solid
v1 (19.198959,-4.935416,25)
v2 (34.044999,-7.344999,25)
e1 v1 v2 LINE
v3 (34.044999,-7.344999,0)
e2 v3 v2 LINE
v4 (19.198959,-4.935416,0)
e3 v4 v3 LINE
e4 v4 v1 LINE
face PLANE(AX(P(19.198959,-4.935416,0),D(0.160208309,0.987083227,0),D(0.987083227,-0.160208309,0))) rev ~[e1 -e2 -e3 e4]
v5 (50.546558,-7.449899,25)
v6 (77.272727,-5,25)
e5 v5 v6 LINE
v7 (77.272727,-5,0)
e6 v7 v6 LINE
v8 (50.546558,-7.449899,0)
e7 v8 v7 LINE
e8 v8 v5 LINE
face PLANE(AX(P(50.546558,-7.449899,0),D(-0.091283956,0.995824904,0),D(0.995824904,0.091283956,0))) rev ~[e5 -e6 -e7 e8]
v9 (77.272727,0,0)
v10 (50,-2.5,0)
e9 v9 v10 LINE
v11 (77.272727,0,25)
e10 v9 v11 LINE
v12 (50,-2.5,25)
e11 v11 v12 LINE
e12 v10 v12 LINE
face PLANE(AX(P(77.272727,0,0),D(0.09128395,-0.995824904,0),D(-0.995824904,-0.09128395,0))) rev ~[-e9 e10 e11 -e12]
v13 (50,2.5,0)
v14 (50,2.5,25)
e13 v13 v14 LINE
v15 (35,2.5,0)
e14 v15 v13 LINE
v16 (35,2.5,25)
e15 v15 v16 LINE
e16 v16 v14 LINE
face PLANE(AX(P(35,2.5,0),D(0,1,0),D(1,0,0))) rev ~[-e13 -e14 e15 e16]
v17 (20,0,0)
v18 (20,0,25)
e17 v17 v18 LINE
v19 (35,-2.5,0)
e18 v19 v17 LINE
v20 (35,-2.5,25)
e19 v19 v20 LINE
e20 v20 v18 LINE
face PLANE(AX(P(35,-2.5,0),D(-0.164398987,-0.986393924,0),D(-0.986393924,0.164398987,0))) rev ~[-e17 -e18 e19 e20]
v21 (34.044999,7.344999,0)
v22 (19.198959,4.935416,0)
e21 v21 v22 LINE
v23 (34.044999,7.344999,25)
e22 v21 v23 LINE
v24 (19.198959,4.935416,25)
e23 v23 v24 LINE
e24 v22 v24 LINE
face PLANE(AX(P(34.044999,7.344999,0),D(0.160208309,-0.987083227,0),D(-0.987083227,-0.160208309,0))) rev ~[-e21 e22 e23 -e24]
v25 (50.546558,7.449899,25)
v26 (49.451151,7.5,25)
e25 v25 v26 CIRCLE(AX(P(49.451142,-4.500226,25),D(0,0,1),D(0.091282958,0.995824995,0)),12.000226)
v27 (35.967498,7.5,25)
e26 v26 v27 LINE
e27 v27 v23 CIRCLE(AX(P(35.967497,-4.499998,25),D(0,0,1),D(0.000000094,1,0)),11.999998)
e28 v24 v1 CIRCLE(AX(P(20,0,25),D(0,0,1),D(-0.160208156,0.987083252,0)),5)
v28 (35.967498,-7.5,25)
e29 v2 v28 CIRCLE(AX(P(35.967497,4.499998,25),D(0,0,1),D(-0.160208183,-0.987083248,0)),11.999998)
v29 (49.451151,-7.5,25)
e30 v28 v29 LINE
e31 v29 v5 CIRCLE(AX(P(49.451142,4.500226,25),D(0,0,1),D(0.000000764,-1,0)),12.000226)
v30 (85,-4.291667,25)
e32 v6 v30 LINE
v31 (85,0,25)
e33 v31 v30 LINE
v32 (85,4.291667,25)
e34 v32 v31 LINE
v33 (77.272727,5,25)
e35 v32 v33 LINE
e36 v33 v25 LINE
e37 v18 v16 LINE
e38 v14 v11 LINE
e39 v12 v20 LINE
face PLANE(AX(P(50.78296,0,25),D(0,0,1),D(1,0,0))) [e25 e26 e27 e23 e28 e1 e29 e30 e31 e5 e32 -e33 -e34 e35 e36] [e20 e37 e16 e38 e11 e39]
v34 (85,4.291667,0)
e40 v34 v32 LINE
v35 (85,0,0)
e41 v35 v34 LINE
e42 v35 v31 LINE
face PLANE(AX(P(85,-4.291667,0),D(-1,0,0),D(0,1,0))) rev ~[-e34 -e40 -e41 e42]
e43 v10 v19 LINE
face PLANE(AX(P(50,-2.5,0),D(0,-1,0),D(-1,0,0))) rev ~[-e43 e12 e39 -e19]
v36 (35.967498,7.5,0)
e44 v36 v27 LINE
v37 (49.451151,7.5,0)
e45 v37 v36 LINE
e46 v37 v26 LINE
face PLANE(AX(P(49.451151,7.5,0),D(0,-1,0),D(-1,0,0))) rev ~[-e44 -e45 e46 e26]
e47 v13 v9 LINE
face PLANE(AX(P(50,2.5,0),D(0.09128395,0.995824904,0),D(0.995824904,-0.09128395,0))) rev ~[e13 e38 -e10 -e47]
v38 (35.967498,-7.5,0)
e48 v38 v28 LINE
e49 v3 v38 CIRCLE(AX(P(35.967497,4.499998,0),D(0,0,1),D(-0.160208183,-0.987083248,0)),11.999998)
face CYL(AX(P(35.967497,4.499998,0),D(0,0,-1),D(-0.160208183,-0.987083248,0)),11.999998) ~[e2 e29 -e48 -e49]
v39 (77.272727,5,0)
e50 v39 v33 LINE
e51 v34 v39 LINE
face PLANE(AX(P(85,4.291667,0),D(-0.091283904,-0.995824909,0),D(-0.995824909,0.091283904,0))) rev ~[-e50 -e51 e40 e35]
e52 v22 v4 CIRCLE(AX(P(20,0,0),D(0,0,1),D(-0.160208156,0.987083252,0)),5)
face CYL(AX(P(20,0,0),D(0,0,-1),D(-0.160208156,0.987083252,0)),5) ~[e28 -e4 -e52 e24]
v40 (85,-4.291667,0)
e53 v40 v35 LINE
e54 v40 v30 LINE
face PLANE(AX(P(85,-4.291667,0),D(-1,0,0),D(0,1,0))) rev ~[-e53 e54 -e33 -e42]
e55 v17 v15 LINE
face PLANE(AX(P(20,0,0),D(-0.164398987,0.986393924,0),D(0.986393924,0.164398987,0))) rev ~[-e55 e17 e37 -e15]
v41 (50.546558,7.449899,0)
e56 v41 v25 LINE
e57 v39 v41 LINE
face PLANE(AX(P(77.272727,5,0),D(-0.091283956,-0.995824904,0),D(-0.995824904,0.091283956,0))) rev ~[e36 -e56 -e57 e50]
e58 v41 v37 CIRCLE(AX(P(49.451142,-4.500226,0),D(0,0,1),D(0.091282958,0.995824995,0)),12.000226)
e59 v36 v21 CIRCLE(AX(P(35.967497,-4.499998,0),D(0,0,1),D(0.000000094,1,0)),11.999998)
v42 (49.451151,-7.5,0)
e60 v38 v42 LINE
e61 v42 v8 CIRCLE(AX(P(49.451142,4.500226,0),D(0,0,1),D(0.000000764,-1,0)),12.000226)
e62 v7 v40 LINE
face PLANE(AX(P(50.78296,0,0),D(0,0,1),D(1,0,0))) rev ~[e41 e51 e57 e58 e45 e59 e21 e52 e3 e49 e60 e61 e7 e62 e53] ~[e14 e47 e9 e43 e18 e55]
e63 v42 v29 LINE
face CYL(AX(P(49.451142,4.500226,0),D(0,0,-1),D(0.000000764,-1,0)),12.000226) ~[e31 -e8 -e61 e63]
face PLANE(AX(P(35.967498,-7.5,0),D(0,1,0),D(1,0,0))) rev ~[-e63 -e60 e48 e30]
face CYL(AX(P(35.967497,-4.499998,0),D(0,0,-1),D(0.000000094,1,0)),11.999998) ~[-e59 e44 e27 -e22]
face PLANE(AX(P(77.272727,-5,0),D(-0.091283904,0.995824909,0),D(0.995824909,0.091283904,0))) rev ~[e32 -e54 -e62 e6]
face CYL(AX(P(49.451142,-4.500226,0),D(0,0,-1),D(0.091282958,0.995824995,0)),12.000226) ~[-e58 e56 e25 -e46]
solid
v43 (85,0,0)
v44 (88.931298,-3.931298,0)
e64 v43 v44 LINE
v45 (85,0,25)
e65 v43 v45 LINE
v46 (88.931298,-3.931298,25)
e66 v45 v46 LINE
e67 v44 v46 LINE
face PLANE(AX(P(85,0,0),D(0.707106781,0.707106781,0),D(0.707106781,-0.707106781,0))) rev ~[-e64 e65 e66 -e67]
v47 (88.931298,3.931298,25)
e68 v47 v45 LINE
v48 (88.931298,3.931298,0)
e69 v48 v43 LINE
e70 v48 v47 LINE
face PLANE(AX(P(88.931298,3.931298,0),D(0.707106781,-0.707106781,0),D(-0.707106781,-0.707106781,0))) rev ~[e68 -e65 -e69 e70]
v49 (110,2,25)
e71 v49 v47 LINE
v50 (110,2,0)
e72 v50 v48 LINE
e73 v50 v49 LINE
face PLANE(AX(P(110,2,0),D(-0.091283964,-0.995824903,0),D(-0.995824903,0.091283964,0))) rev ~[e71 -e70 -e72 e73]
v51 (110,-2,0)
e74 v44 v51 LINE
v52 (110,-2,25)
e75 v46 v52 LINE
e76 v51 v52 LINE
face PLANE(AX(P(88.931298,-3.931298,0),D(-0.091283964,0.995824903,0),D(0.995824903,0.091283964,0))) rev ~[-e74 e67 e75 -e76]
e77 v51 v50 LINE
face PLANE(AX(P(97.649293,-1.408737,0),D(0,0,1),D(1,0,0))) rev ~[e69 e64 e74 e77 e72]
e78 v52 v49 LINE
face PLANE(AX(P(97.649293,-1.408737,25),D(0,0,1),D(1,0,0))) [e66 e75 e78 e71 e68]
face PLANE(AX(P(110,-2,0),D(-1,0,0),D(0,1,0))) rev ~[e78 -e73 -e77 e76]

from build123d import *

# Parameters (mm, degrees)
F1_DEPTH = 25


with BuildPart() as f1:
    # F0 (on Top) → F1 (new body)
    with BuildSketch(Plane.XY):
        with BuildLine():
            Line((34.044999, 7.344999), (19.198959, 4.935416))
            ThreePointArc((19.198959, 4.935416), (15, 0), (19.198959, -4.935416))
            Line((19.198959, -4.935416), (34.044999, -7.344999))
            ThreePointArc((34.044999, -7.344999), (35.003129, -7.461187), (35.967498, -7.5))
            Line((35.967498, -7.5), (49.451151, -7.5))
            ThreePointArc((49.451151, -7.5), (49.999427, -7.487468), (50.546558, -7.449899))
            Line((50.546558, -7.449899), (77.272727, -5))
            Line((77.272727, -5), (85, -4.291667))
            Line((85, -4.291667), (85, 0))
            Line((85, 0), (85, 4.291667))
            Line((85, 4.291667), (77.272727, 5))
            Line((77.272727, 5), (50.546558, 7.449899))
            ThreePointArc((50.546558, 7.449899), (49.999427, 7.487468), (49.451151, 7.5))
            Line((49.451151, 7.5), (35.967498, 7.5))
            ThreePointArc((35.967498, 7.5), (35.003129, 7.461187), (34.044999, 7.344999))
        make_face()
        Polygon((50, 2.5), (77.272727, 0), (50, -2.5), (35, -2.5), (20, 0), (35, 2.5), align=None, mode=Mode.SUBTRACT)
        Polygon((110, 0), (85, 0), (88.931298, -3.931298), (110, -2), align=None)
        Polygon((110, 2), (88.931298, 3.931298), (85, 0), (110, 0), align=None)
    extrude(amount=F1_DEPTH)


solid = f1.part
